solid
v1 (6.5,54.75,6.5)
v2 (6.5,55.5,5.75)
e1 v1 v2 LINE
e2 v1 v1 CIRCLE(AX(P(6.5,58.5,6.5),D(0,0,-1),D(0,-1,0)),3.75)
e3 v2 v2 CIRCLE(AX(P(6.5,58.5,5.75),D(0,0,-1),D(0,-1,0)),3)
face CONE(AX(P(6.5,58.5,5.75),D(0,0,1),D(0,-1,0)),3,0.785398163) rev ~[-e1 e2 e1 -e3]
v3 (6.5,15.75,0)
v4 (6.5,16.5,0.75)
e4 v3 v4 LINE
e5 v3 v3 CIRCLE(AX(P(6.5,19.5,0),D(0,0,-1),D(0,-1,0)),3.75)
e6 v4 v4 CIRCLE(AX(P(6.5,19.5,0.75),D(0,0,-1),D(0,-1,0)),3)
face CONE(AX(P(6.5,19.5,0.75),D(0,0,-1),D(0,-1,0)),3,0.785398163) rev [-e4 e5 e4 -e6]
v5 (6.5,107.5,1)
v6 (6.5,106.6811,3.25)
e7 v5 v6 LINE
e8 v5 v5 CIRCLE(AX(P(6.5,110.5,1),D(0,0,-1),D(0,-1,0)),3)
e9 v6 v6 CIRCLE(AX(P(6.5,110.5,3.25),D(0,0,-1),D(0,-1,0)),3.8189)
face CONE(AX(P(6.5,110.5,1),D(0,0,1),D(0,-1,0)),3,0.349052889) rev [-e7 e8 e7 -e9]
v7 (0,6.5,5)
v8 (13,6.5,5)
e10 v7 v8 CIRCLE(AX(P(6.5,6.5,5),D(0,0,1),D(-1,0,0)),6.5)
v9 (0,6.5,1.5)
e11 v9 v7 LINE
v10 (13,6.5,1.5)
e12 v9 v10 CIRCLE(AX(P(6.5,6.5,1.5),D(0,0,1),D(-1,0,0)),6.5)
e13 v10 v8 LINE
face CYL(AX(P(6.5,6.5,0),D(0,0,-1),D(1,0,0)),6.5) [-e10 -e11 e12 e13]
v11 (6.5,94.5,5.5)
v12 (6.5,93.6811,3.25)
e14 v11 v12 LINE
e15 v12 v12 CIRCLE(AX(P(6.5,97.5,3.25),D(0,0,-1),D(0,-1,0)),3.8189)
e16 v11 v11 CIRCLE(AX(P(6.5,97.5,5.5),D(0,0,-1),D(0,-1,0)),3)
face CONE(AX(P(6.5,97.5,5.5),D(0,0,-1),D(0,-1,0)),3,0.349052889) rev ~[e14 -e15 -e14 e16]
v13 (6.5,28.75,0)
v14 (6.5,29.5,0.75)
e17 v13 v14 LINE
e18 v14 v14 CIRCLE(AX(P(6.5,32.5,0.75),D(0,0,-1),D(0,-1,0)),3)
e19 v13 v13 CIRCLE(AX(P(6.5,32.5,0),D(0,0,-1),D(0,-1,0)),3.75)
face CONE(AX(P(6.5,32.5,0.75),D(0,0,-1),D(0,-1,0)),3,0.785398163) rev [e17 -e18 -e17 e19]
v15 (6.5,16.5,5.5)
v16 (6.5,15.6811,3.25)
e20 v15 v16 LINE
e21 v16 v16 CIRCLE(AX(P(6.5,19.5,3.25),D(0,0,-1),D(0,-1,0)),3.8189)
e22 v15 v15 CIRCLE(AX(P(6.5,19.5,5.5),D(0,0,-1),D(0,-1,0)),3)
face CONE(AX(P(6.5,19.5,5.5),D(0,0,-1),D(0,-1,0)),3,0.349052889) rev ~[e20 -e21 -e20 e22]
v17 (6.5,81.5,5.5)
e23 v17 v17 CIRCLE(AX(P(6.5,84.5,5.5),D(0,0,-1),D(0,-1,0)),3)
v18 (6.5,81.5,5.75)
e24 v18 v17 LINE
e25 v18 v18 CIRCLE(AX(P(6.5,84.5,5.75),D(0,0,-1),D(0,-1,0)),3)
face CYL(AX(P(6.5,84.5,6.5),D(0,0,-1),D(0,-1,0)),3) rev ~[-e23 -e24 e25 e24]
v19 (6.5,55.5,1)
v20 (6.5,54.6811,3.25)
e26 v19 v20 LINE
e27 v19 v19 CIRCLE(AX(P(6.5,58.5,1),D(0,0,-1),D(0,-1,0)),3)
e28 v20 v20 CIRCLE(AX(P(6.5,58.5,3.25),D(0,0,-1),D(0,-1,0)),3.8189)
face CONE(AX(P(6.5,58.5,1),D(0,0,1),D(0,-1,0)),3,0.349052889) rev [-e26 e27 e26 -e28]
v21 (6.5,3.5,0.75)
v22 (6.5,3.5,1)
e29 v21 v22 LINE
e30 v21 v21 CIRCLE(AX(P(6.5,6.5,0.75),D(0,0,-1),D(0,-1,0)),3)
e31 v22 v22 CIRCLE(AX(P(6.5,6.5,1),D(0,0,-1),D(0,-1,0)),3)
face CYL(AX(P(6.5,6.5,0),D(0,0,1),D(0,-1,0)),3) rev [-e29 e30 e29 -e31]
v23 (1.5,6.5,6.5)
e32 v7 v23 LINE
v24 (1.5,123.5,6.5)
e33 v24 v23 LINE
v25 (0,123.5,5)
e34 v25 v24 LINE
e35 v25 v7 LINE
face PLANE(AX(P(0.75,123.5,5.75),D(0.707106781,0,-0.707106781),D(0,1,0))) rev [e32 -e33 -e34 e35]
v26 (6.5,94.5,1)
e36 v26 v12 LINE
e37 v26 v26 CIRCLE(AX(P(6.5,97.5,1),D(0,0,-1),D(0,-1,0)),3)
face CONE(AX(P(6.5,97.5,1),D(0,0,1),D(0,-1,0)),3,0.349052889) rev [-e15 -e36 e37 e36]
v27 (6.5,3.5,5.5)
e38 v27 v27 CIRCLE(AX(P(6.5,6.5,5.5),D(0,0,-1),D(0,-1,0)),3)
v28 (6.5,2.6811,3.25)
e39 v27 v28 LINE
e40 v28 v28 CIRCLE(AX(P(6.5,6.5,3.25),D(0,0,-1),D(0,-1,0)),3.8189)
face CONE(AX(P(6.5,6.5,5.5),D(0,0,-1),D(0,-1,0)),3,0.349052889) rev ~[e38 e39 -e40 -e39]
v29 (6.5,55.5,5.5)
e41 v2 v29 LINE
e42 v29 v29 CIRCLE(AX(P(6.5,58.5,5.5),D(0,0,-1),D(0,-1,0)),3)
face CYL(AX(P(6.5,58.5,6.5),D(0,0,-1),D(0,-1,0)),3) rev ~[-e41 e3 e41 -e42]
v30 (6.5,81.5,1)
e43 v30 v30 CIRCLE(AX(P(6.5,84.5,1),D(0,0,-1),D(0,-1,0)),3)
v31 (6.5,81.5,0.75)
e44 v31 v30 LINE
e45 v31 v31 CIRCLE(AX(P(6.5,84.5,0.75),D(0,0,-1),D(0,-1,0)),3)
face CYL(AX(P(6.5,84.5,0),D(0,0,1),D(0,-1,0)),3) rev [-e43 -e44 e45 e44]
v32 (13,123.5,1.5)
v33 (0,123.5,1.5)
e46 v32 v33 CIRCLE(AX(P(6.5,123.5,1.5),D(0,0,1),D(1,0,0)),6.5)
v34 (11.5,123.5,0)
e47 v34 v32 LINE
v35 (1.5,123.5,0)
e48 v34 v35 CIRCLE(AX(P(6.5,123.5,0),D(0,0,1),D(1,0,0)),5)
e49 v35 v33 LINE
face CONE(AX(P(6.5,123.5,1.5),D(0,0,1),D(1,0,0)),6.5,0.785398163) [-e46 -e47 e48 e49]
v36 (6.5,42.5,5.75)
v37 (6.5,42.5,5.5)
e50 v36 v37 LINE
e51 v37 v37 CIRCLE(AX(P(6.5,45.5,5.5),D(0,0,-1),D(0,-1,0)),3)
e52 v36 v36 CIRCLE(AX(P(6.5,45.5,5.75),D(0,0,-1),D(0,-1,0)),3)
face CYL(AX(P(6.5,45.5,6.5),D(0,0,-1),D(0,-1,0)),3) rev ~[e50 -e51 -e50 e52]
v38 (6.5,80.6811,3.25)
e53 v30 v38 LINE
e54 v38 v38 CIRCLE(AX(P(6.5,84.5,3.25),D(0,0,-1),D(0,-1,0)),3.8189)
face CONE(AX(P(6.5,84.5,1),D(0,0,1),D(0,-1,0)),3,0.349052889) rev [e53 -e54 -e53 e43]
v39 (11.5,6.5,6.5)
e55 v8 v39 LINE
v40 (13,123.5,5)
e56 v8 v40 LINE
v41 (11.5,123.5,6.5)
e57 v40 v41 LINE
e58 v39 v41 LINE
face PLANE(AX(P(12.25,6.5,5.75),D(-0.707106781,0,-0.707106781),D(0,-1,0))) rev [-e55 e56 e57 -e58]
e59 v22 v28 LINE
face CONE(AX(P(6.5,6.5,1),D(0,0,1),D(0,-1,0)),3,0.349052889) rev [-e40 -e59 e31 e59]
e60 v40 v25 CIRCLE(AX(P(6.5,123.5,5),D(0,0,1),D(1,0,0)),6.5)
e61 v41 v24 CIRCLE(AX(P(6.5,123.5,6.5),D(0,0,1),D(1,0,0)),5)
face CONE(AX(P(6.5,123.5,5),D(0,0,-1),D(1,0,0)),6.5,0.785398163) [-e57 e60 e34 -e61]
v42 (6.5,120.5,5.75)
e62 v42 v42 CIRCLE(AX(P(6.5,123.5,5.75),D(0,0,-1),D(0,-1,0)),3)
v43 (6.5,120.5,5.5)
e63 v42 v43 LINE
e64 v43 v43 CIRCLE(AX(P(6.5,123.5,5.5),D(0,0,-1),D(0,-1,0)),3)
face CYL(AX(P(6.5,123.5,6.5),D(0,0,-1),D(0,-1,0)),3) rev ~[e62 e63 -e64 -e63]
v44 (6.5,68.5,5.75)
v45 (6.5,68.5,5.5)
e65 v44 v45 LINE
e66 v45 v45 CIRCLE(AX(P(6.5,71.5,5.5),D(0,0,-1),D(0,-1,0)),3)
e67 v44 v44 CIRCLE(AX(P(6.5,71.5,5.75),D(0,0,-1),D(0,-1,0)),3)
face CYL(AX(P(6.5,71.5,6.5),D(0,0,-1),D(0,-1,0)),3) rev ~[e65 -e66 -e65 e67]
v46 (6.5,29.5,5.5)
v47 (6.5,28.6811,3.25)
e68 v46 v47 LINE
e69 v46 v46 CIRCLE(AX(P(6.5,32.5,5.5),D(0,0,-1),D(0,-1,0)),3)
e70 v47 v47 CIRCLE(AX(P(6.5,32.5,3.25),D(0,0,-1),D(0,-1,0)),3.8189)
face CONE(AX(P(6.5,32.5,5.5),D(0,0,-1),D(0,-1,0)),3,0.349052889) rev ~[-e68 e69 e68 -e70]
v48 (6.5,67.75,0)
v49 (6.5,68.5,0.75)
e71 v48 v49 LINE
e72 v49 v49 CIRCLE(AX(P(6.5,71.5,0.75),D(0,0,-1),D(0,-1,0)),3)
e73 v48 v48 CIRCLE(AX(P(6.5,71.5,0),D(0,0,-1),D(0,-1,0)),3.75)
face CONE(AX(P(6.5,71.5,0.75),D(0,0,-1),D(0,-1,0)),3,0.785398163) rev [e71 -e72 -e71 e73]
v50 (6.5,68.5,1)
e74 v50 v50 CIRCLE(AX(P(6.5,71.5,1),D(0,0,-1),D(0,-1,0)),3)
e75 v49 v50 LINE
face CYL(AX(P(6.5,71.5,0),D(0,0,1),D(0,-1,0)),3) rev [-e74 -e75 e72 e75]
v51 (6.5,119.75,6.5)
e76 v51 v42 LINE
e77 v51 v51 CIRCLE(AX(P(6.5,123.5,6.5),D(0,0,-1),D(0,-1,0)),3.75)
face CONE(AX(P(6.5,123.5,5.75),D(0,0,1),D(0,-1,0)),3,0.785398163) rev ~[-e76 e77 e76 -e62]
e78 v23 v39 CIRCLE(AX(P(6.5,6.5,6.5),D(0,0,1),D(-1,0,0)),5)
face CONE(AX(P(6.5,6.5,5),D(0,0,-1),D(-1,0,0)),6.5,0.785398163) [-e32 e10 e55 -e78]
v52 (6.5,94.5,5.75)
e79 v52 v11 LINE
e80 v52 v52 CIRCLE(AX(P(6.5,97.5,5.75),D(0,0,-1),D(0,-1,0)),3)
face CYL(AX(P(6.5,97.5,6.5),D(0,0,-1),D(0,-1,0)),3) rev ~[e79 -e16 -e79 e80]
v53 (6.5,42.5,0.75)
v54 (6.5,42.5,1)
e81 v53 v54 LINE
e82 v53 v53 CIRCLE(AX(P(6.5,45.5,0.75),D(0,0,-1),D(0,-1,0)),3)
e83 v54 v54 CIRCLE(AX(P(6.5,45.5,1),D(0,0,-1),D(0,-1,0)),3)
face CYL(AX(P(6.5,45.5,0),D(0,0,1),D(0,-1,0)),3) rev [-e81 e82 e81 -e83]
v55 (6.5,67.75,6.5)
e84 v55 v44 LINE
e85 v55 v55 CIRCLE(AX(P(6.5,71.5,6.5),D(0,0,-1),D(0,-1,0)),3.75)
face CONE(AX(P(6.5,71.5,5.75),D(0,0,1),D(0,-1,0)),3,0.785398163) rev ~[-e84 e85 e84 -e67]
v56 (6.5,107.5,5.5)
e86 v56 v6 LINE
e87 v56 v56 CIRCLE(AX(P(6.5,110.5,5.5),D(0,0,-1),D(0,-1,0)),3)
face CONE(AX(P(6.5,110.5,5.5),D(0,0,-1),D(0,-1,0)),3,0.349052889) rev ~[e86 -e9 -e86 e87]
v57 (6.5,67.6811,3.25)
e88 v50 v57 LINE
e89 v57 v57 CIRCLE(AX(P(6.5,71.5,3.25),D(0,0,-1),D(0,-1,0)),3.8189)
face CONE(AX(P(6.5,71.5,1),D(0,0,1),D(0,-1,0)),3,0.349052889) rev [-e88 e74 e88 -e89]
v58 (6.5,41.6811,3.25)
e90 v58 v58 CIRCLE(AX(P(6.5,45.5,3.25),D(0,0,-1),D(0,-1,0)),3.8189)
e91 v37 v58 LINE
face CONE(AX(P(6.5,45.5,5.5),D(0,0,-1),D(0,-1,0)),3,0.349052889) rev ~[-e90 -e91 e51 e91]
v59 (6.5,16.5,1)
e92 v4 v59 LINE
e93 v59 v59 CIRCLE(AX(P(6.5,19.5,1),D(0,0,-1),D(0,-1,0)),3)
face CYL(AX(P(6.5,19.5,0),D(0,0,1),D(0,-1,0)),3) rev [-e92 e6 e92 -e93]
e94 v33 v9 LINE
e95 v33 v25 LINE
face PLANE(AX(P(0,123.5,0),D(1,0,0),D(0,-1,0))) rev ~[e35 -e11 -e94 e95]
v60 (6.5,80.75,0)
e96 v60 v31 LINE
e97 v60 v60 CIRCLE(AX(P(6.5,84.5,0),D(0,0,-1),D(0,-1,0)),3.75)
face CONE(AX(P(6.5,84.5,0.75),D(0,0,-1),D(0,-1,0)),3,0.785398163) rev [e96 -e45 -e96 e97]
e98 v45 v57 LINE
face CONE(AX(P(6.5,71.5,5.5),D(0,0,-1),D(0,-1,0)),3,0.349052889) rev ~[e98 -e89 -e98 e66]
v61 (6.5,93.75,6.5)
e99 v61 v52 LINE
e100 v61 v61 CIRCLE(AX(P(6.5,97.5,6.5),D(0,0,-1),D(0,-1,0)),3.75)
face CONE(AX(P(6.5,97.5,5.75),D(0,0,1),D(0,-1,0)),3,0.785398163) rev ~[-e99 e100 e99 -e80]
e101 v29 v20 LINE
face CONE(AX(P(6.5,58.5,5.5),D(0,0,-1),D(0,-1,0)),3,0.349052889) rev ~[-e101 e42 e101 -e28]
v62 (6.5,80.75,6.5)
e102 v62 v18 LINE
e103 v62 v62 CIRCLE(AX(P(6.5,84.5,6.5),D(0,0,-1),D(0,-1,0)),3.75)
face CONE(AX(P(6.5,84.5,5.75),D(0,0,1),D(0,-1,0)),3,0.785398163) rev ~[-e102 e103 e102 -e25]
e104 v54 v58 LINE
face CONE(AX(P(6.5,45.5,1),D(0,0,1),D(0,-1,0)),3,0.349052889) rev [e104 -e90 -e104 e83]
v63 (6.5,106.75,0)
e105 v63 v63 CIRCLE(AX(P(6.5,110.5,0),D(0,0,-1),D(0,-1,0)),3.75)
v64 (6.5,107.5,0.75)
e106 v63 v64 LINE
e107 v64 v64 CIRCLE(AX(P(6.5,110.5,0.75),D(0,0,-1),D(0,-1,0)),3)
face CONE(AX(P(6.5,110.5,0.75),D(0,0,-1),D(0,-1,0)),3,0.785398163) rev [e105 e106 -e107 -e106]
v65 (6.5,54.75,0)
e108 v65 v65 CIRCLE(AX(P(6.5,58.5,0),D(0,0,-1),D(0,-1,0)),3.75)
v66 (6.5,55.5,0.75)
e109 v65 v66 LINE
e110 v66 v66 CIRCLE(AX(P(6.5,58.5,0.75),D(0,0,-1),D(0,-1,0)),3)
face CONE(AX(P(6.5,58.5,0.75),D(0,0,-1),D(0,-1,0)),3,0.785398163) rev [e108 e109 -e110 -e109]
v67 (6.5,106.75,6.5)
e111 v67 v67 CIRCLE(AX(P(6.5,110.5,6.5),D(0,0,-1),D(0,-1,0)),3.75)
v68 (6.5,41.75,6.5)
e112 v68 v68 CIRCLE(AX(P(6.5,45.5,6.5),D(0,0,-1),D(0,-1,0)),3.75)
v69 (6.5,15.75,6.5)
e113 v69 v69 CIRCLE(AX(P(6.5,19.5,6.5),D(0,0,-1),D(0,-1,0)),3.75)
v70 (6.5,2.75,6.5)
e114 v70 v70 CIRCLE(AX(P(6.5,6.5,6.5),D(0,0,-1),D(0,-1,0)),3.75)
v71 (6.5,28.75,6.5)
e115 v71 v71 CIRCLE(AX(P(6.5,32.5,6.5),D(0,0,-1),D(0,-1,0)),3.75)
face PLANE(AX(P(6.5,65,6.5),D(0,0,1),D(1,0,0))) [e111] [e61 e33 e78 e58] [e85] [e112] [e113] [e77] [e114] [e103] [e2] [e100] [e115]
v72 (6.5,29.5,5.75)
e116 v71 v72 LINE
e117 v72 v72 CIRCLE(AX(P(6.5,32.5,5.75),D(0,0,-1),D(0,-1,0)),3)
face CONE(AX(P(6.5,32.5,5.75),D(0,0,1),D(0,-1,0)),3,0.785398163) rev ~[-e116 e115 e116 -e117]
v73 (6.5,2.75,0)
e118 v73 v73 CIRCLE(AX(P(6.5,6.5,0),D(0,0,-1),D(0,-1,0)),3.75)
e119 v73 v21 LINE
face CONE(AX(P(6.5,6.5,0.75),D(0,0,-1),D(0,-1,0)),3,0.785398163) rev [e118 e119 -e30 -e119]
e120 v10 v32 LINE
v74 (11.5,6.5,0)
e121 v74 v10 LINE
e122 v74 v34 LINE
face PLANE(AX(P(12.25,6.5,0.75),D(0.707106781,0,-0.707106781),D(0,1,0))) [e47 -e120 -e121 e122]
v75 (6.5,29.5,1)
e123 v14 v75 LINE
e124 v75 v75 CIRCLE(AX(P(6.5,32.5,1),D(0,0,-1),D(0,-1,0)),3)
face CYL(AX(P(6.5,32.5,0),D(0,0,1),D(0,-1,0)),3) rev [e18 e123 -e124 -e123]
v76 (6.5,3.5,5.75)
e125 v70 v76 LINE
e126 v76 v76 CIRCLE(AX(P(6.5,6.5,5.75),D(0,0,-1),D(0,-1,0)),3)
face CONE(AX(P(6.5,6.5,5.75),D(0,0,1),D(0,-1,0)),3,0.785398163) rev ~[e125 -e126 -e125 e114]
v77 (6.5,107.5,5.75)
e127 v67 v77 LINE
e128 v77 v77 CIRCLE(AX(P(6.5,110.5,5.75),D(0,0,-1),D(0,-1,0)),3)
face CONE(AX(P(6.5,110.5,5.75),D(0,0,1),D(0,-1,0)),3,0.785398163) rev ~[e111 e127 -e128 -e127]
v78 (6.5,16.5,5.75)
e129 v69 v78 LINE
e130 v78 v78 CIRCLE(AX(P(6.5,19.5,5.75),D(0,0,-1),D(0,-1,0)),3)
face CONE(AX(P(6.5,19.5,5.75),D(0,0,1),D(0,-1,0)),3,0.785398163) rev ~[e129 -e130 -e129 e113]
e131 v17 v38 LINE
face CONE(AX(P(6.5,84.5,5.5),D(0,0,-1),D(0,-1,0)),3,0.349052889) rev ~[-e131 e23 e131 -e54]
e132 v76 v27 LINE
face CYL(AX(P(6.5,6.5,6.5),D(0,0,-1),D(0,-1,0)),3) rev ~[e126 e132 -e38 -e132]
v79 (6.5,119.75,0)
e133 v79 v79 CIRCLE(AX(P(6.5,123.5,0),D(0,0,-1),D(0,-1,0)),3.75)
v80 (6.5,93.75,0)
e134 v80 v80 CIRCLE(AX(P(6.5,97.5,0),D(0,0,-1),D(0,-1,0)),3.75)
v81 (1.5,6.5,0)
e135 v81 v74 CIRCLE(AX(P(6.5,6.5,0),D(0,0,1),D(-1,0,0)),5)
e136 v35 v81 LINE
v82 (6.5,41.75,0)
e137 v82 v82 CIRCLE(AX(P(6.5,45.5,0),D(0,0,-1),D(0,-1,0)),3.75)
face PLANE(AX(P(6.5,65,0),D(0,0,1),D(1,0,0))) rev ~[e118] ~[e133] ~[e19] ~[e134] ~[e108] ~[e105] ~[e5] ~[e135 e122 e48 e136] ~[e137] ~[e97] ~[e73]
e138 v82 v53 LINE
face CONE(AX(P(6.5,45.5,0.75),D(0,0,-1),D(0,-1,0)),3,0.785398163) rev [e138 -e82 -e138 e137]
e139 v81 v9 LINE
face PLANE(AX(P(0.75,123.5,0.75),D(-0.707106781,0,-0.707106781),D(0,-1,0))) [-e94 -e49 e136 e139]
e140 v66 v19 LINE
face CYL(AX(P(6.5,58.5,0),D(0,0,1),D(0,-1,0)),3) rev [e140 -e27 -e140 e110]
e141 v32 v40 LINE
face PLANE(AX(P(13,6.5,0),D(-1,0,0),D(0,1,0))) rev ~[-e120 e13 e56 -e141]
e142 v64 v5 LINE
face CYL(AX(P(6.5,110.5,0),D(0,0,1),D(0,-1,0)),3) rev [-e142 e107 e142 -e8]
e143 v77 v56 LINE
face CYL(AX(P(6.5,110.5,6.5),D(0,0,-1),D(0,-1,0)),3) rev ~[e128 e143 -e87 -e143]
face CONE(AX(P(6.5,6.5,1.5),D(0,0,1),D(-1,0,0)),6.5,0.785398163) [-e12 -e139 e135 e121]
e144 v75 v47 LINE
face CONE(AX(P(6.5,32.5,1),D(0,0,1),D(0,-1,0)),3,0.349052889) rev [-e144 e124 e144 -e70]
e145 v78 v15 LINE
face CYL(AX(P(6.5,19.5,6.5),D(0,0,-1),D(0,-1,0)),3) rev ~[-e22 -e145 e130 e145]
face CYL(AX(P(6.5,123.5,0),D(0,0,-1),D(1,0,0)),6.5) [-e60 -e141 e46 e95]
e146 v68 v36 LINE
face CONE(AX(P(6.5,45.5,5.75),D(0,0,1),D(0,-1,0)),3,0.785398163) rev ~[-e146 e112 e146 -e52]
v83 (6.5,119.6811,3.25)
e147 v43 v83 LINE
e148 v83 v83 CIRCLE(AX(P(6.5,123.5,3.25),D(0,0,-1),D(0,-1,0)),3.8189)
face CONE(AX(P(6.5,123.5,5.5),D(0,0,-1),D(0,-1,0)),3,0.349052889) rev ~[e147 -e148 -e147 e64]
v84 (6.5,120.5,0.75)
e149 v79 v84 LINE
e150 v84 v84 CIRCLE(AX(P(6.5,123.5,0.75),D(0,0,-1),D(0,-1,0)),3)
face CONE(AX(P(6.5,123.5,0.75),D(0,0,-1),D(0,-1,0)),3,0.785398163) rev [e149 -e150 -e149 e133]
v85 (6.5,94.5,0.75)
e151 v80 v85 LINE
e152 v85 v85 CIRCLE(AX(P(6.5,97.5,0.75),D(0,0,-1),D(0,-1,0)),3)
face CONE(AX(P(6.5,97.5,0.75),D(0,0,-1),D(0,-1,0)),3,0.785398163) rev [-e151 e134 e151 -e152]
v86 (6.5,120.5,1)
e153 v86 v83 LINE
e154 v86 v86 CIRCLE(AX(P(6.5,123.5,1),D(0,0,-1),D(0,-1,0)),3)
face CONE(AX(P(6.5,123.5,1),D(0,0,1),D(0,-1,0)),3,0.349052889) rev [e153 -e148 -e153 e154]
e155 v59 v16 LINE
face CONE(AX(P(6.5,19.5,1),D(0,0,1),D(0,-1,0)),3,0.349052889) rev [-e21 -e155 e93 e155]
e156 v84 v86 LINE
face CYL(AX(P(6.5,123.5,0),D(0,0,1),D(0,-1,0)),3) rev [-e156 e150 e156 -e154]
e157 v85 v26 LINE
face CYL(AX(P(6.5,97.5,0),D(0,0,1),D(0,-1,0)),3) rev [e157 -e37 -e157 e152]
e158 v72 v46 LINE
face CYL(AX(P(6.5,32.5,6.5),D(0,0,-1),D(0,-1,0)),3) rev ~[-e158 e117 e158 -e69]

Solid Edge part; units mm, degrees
sketch "Sketch1" plane through (0, 0, 0) normal (0, 0, 1) x (1, 0, 0)
  line L0 (0, 123.5) -> (0, 6.5)
  line L1 (13, 6.5) -> (13, 123.5)
  arc A0 (13, 6.5) -> (0, 6.5) centre (6.5, 6.5) cw
  arc A1 (0, 123.5) -> (13, 123.5) centre (6.5, 123.5) cw
extrude "Protrusion1" add sketch "Sketch1" along normal blind 6.5
sketch "Sketch2" plane through (6.5, 0, 0) normal (1, 0, 0) x (0, 1, 0)
  line L0 (3.5, 0) -> (3.5, 1)
  line L1 (3.5, 1) -> (2.6811, 3.25)
  line L2 (3.5, 5.5) -> (2.6811, 3.25)
  line L3 (3.5, 6.5) -> (3.5, 5.5)
  line L4 (6.5, 6.5) -> (3.5, 6.5)
  line L5 (6.5, 6.5) -> (6.5, 0)
  line L6 (3.5, 0) -> (6.5, 0)
  dimension "D1" = 3
  dimension "D2" = 1
  dimension "D3" = 2.3944
  dimension "D4" = 1.5731
  dimension "D5" = 6.5
revolve "RevolvedCutout1" cut sketch "Sketch2" angle 360 about axis through (6.5, 6.5, 6.5) along (0, 0, -1)
chamfer "Chaflán_2" distance 0.75 angle 45 2 edges at (9.5, 6.5, 6.5) (9.5, 6.5, 0)
pattern_linear "Pattern1" count 10 spacing 13 along (0, 1, 0) of "RevolvedCutout1", "Chaflán_2"
chamfer "Chaflán_37" distance 1.5 angle 45 8 edges at (0, 65, 0) (6.5, 130, 0) (13, 65, 0) (6.5, 0, 0) (0, 65, 6.5) (6.5, 130, 6.5) (13, 65, 6.5) (6.5, 0, 6.5)
